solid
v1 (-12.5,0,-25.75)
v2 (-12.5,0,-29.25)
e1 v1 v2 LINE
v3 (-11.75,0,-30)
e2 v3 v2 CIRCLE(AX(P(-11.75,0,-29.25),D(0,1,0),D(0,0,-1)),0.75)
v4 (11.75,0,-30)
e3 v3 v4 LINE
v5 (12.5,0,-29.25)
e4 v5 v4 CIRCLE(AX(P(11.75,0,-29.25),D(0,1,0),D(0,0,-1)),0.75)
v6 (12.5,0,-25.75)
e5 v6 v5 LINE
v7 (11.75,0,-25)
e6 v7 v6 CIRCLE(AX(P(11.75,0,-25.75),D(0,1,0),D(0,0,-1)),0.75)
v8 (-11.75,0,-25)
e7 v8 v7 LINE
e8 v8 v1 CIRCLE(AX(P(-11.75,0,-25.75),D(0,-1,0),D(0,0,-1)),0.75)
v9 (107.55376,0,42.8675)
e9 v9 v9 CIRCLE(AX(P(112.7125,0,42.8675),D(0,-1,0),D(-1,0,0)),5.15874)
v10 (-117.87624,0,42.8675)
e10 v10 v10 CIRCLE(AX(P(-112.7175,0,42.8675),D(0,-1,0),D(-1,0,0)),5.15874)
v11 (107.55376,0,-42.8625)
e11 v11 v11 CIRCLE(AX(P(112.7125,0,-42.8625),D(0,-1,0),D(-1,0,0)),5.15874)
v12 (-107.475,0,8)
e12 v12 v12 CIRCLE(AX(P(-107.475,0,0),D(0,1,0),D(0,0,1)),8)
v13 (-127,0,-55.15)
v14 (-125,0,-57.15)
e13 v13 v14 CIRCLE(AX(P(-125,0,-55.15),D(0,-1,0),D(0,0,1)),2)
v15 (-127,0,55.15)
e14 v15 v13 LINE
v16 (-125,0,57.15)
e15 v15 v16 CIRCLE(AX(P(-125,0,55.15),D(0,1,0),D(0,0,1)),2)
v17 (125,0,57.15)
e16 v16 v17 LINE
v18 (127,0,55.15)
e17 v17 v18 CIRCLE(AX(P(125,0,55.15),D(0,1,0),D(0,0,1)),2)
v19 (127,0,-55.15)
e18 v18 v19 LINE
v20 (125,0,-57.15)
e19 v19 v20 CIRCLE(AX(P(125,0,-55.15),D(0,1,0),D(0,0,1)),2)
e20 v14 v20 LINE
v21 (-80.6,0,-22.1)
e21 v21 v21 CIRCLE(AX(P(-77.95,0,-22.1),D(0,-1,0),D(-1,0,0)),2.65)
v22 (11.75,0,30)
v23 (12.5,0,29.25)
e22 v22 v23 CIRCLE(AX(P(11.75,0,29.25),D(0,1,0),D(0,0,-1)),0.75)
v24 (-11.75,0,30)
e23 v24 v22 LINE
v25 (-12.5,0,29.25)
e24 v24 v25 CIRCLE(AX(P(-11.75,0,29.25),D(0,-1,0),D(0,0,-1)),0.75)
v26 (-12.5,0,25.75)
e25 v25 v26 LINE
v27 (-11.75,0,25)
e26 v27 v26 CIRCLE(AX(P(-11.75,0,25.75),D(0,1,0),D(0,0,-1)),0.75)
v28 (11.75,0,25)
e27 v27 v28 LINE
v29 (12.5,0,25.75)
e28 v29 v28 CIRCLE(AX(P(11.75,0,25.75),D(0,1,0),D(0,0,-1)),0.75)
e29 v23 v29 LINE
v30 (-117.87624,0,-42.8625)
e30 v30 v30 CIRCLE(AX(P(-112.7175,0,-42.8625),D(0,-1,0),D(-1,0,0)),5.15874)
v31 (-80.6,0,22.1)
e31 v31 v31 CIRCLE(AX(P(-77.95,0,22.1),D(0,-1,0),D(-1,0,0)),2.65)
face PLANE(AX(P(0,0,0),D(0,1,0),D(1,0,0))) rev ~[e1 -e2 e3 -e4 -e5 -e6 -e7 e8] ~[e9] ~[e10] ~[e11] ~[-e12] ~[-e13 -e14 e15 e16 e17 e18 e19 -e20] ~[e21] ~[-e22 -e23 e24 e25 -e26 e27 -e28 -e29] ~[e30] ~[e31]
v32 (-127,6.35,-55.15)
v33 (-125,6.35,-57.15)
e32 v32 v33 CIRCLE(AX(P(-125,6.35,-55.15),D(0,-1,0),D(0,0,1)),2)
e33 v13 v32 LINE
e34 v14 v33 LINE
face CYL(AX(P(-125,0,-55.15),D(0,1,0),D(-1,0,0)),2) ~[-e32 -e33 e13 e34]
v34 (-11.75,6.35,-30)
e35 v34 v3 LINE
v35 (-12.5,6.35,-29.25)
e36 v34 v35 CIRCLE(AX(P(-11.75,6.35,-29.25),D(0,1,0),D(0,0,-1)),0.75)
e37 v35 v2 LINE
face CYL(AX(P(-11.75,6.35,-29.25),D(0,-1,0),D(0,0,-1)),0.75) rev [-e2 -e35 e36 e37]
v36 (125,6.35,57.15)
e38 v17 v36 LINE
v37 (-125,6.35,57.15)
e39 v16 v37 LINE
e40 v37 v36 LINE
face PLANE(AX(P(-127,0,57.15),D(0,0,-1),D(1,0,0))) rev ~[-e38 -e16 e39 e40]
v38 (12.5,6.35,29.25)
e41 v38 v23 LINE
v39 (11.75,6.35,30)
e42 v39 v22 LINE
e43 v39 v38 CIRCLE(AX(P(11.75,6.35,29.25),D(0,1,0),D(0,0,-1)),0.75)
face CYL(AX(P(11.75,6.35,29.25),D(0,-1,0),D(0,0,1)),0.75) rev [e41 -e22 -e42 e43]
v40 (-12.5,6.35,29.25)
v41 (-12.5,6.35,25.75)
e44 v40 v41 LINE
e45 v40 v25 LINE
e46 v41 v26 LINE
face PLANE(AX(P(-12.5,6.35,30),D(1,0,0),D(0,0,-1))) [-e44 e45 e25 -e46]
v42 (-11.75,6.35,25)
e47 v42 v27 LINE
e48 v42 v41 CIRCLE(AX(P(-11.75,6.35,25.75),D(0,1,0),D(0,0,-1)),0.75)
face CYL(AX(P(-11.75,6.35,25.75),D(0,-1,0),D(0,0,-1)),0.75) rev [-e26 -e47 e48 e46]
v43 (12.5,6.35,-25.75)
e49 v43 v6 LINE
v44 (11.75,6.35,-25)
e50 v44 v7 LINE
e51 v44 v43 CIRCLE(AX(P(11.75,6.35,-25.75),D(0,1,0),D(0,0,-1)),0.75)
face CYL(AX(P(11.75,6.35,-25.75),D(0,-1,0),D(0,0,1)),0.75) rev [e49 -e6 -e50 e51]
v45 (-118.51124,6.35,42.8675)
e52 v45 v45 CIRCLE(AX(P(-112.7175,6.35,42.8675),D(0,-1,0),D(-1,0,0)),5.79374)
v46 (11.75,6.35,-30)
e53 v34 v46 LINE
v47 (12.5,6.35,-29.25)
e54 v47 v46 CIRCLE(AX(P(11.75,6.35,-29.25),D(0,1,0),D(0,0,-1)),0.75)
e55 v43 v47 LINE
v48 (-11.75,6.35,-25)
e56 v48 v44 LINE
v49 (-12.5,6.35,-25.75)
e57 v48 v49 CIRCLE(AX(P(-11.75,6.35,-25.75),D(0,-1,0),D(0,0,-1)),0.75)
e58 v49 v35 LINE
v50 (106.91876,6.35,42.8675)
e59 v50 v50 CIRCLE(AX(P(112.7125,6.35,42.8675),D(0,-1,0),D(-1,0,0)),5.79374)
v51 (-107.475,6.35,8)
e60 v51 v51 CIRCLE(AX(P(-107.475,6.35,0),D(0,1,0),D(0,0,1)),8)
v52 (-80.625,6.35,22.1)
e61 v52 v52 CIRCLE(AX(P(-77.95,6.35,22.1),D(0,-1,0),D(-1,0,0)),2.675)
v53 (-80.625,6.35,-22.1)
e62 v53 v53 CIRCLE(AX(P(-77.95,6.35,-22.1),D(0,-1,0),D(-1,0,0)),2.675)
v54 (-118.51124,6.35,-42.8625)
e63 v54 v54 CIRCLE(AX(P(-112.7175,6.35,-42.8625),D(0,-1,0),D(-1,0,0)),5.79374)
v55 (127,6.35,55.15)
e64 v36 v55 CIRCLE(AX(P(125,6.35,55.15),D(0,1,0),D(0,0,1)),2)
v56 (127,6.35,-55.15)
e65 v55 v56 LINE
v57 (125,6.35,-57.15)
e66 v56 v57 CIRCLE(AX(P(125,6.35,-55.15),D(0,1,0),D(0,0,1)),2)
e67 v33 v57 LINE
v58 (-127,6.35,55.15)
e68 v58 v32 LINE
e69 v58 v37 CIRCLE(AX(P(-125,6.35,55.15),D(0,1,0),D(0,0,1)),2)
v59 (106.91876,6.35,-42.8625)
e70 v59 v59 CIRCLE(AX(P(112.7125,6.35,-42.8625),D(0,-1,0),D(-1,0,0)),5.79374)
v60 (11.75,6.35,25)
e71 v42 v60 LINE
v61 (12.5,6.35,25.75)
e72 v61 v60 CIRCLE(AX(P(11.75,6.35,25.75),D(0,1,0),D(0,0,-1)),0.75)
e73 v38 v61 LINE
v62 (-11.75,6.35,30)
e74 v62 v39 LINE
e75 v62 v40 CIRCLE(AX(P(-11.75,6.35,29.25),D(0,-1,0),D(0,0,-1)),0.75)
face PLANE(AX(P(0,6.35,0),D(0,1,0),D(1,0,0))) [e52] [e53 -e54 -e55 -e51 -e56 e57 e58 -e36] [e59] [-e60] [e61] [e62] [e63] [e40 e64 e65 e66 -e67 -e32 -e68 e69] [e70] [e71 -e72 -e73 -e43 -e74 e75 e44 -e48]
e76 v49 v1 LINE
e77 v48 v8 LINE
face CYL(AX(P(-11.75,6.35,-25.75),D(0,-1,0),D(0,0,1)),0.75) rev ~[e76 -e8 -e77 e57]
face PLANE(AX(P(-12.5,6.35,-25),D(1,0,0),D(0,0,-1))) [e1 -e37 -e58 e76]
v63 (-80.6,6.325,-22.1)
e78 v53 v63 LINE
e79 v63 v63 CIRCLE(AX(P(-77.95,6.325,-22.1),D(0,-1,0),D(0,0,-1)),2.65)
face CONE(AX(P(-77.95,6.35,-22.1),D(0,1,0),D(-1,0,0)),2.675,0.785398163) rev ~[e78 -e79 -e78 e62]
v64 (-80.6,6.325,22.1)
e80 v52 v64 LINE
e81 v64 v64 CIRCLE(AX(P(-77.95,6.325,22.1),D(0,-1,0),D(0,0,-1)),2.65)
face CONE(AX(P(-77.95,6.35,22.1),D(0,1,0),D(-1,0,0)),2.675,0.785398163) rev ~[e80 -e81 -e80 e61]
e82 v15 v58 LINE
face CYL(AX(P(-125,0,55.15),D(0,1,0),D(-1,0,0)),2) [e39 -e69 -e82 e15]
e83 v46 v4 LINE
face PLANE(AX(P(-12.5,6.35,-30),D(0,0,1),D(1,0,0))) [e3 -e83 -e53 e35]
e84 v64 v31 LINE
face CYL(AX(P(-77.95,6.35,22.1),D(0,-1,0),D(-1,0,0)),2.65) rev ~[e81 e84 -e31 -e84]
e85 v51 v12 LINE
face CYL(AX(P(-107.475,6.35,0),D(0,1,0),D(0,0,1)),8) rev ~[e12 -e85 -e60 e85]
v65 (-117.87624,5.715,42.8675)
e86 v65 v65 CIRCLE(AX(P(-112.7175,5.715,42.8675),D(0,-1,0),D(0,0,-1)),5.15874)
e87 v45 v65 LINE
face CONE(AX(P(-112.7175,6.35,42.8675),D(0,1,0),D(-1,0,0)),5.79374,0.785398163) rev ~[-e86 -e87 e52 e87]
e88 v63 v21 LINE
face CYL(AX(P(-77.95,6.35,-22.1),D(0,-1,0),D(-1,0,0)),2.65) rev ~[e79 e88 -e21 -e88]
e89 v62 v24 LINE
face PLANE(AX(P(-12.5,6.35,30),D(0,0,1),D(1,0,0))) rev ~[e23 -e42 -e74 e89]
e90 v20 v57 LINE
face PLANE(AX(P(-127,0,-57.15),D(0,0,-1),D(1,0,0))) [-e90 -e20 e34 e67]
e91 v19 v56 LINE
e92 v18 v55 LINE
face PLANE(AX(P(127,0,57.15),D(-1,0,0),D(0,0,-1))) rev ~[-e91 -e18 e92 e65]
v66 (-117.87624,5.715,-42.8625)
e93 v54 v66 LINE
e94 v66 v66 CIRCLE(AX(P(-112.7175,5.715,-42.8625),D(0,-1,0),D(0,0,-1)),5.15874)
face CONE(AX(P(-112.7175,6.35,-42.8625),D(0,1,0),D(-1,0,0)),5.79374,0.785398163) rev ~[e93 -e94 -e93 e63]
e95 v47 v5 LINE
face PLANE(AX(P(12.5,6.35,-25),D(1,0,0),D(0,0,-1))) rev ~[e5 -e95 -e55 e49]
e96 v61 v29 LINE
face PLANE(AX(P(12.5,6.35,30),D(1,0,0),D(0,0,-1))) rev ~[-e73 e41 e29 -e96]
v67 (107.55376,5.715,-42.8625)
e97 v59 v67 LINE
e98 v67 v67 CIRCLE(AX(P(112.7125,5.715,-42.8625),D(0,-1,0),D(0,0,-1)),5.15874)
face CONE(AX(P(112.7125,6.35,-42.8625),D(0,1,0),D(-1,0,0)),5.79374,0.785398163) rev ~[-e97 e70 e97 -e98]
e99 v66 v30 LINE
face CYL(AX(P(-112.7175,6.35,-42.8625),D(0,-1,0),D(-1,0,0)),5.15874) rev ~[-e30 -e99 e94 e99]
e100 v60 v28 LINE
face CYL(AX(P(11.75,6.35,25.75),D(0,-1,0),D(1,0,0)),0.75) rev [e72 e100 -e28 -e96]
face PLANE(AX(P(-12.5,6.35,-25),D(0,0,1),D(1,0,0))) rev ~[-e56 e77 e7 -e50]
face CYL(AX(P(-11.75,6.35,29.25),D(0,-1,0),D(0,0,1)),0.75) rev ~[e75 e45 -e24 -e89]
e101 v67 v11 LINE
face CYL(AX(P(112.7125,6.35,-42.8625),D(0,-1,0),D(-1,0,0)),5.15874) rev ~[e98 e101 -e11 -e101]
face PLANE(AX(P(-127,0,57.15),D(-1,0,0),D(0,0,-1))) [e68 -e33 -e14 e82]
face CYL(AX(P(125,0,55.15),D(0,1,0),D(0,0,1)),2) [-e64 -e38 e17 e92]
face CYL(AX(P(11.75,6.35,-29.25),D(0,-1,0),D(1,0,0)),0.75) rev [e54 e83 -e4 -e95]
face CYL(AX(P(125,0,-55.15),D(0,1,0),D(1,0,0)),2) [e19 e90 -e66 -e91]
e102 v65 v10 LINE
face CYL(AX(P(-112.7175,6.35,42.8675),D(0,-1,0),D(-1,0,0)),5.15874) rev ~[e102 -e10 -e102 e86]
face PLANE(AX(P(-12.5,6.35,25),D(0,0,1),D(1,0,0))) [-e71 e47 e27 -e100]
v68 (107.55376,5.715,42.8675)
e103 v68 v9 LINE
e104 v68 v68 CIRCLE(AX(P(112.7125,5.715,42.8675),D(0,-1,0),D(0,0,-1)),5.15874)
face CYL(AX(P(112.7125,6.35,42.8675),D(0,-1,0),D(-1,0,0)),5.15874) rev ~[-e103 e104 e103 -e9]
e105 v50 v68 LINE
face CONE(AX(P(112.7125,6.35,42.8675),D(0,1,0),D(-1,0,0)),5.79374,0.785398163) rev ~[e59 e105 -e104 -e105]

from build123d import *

# Parameters (mm, degrees)
SKETCH1_W                         = 254
SKETCH1_H                         = 114.3
BOSS_EXTRUDE1_DEPTH               = 6.35
FILLET1_R                         = 2
SKETCH6_W                         = 25
SKETCH6_H                         = 5
CUT_EXTRUDE1_DEPTH                = 140.411064841
FILLET2_R                         = 0.75
F_3_8_CLEARANCE_HOLE1_D           = 10.31748
F_3_8_CLEARANCE_HOLE1_CSINK_D     = 11.58748
F_3_8_CLEARANCE_HOLE1_CSINK_ANGLE = 90
SKETCH10_R                        = 8
CUT_EXTRUDE2_DEPTH                = 140.411064841
M3_CLEARANCE_HOLE1_D              = 5.3
M3_CLEARANCE_HOLE1_CSINK_D        = 5.35
M3_CLEARANCE_HOLE1_CSINK_ANGLE    = 90


with BuildPart() as part:
    # Sketch1 → Boss-Extrude1 (new body)
    with BuildSketch(Plane(origin=(0, 0, 0), x_dir=(1, 0, 0), z_dir=(0, 1, 0))):
        Rectangle(SKETCH1_W, SKETCH1_H)
    extrude(amount=BOSS_EXTRUDE1_DEPTH)

    # Fillet1
    fillet1_edges = [part.edges().sort_by_distance(p)[0] for p in [
        (127, 3.175, 57.15),
        (-127, 3.175, 57.15),
        (-127, 3.175, -57.15),
        (127, 3.175, -57.15),
    ]]
    fillet(fillet1_edges, radius=FILLET1_R)

    # Sketch6 → Cut-Extrude1 (cut, through all)
    with BuildSketch(Plane(origin=(0, 6.35, 0), x_dir=(1, 0, 0), z_dir=(0, 1, 0))):
        with Locations((0, 27.5)):
            Rectangle(SKETCH6_W, SKETCH6_H)
        with Locations((0, -27.5)):
            Rectangle(SKETCH6_W, SKETCH6_H)
    extrude(amount=-CUT_EXTRUDE1_DEPTH, mode=Mode.SUBTRACT)

    # Fillet2
    fillet2_edges = [part.edges().sort_by_distance(p)[0] for p in [
        (12.5, 3.175, 25),
        (12.5, 3.175, 30),
        (-12.5, 3.175, 30),
        (-12.5, 3.175, 25),
        (12.5, 3.175, -25),
        (-12.5, 3.175, -25),
        (-12.5, 3.175, -30),
        (12.5, 3.175, -30),
    ]]
    fillet(fillet2_edges, radius=FILLET2_R)

    # 3/8 Clearance Hole1 (through all)
    with Locations(Plane(origin=(0, 6.35, 0), x_dir=(1, 0, 0), z_dir=(0, 1, 0))):
        with Locations((112.7125, 42.8625), (112.7125, -42.8675), (-112.7175, 42.8625), (-112.7175, -42.8675)):
            CounterSinkHole(F_3_8_CLEARANCE_HOLE1_D / 2, F_3_8_CLEARANCE_HOLE1_CSINK_D / 2, counter_sink_angle=F_3_8_CLEARANCE_HOLE1_CSINK_ANGLE)

    # Sketch10 → Cut-Extrude2 (cut, through all)
    with BuildSketch(Plane(origin=(0, 6.35, 0), x_dir=(1, 0, 0), z_dir=(0, 1, 0))):
        with Locations(Location((-107.475, 0, 0), (0, 0, 270))):
            Circle(SKETCH10_R)
    extrude(amount=-CUT_EXTRUDE2_DEPTH, mode=Mode.SUBTRACT)

    # M3 Clearance Hole1 (through all)
    with Locations(Plane(origin=(0, 6.35, 0), x_dir=(1, 0, 0), z_dir=(0, 1, 0))):
        with Locations((-77.95, 22.1), (-77.95, -22.1)):
            CounterSinkHole(M3_CLEARANCE_HOLE1_D / 2, M3_CLEARANCE_HOLE1_CSINK_D / 2, counter_sink_angle=M3_CLEARANCE_HOLE1_CSINK_ANGLE)


solid = part.part
